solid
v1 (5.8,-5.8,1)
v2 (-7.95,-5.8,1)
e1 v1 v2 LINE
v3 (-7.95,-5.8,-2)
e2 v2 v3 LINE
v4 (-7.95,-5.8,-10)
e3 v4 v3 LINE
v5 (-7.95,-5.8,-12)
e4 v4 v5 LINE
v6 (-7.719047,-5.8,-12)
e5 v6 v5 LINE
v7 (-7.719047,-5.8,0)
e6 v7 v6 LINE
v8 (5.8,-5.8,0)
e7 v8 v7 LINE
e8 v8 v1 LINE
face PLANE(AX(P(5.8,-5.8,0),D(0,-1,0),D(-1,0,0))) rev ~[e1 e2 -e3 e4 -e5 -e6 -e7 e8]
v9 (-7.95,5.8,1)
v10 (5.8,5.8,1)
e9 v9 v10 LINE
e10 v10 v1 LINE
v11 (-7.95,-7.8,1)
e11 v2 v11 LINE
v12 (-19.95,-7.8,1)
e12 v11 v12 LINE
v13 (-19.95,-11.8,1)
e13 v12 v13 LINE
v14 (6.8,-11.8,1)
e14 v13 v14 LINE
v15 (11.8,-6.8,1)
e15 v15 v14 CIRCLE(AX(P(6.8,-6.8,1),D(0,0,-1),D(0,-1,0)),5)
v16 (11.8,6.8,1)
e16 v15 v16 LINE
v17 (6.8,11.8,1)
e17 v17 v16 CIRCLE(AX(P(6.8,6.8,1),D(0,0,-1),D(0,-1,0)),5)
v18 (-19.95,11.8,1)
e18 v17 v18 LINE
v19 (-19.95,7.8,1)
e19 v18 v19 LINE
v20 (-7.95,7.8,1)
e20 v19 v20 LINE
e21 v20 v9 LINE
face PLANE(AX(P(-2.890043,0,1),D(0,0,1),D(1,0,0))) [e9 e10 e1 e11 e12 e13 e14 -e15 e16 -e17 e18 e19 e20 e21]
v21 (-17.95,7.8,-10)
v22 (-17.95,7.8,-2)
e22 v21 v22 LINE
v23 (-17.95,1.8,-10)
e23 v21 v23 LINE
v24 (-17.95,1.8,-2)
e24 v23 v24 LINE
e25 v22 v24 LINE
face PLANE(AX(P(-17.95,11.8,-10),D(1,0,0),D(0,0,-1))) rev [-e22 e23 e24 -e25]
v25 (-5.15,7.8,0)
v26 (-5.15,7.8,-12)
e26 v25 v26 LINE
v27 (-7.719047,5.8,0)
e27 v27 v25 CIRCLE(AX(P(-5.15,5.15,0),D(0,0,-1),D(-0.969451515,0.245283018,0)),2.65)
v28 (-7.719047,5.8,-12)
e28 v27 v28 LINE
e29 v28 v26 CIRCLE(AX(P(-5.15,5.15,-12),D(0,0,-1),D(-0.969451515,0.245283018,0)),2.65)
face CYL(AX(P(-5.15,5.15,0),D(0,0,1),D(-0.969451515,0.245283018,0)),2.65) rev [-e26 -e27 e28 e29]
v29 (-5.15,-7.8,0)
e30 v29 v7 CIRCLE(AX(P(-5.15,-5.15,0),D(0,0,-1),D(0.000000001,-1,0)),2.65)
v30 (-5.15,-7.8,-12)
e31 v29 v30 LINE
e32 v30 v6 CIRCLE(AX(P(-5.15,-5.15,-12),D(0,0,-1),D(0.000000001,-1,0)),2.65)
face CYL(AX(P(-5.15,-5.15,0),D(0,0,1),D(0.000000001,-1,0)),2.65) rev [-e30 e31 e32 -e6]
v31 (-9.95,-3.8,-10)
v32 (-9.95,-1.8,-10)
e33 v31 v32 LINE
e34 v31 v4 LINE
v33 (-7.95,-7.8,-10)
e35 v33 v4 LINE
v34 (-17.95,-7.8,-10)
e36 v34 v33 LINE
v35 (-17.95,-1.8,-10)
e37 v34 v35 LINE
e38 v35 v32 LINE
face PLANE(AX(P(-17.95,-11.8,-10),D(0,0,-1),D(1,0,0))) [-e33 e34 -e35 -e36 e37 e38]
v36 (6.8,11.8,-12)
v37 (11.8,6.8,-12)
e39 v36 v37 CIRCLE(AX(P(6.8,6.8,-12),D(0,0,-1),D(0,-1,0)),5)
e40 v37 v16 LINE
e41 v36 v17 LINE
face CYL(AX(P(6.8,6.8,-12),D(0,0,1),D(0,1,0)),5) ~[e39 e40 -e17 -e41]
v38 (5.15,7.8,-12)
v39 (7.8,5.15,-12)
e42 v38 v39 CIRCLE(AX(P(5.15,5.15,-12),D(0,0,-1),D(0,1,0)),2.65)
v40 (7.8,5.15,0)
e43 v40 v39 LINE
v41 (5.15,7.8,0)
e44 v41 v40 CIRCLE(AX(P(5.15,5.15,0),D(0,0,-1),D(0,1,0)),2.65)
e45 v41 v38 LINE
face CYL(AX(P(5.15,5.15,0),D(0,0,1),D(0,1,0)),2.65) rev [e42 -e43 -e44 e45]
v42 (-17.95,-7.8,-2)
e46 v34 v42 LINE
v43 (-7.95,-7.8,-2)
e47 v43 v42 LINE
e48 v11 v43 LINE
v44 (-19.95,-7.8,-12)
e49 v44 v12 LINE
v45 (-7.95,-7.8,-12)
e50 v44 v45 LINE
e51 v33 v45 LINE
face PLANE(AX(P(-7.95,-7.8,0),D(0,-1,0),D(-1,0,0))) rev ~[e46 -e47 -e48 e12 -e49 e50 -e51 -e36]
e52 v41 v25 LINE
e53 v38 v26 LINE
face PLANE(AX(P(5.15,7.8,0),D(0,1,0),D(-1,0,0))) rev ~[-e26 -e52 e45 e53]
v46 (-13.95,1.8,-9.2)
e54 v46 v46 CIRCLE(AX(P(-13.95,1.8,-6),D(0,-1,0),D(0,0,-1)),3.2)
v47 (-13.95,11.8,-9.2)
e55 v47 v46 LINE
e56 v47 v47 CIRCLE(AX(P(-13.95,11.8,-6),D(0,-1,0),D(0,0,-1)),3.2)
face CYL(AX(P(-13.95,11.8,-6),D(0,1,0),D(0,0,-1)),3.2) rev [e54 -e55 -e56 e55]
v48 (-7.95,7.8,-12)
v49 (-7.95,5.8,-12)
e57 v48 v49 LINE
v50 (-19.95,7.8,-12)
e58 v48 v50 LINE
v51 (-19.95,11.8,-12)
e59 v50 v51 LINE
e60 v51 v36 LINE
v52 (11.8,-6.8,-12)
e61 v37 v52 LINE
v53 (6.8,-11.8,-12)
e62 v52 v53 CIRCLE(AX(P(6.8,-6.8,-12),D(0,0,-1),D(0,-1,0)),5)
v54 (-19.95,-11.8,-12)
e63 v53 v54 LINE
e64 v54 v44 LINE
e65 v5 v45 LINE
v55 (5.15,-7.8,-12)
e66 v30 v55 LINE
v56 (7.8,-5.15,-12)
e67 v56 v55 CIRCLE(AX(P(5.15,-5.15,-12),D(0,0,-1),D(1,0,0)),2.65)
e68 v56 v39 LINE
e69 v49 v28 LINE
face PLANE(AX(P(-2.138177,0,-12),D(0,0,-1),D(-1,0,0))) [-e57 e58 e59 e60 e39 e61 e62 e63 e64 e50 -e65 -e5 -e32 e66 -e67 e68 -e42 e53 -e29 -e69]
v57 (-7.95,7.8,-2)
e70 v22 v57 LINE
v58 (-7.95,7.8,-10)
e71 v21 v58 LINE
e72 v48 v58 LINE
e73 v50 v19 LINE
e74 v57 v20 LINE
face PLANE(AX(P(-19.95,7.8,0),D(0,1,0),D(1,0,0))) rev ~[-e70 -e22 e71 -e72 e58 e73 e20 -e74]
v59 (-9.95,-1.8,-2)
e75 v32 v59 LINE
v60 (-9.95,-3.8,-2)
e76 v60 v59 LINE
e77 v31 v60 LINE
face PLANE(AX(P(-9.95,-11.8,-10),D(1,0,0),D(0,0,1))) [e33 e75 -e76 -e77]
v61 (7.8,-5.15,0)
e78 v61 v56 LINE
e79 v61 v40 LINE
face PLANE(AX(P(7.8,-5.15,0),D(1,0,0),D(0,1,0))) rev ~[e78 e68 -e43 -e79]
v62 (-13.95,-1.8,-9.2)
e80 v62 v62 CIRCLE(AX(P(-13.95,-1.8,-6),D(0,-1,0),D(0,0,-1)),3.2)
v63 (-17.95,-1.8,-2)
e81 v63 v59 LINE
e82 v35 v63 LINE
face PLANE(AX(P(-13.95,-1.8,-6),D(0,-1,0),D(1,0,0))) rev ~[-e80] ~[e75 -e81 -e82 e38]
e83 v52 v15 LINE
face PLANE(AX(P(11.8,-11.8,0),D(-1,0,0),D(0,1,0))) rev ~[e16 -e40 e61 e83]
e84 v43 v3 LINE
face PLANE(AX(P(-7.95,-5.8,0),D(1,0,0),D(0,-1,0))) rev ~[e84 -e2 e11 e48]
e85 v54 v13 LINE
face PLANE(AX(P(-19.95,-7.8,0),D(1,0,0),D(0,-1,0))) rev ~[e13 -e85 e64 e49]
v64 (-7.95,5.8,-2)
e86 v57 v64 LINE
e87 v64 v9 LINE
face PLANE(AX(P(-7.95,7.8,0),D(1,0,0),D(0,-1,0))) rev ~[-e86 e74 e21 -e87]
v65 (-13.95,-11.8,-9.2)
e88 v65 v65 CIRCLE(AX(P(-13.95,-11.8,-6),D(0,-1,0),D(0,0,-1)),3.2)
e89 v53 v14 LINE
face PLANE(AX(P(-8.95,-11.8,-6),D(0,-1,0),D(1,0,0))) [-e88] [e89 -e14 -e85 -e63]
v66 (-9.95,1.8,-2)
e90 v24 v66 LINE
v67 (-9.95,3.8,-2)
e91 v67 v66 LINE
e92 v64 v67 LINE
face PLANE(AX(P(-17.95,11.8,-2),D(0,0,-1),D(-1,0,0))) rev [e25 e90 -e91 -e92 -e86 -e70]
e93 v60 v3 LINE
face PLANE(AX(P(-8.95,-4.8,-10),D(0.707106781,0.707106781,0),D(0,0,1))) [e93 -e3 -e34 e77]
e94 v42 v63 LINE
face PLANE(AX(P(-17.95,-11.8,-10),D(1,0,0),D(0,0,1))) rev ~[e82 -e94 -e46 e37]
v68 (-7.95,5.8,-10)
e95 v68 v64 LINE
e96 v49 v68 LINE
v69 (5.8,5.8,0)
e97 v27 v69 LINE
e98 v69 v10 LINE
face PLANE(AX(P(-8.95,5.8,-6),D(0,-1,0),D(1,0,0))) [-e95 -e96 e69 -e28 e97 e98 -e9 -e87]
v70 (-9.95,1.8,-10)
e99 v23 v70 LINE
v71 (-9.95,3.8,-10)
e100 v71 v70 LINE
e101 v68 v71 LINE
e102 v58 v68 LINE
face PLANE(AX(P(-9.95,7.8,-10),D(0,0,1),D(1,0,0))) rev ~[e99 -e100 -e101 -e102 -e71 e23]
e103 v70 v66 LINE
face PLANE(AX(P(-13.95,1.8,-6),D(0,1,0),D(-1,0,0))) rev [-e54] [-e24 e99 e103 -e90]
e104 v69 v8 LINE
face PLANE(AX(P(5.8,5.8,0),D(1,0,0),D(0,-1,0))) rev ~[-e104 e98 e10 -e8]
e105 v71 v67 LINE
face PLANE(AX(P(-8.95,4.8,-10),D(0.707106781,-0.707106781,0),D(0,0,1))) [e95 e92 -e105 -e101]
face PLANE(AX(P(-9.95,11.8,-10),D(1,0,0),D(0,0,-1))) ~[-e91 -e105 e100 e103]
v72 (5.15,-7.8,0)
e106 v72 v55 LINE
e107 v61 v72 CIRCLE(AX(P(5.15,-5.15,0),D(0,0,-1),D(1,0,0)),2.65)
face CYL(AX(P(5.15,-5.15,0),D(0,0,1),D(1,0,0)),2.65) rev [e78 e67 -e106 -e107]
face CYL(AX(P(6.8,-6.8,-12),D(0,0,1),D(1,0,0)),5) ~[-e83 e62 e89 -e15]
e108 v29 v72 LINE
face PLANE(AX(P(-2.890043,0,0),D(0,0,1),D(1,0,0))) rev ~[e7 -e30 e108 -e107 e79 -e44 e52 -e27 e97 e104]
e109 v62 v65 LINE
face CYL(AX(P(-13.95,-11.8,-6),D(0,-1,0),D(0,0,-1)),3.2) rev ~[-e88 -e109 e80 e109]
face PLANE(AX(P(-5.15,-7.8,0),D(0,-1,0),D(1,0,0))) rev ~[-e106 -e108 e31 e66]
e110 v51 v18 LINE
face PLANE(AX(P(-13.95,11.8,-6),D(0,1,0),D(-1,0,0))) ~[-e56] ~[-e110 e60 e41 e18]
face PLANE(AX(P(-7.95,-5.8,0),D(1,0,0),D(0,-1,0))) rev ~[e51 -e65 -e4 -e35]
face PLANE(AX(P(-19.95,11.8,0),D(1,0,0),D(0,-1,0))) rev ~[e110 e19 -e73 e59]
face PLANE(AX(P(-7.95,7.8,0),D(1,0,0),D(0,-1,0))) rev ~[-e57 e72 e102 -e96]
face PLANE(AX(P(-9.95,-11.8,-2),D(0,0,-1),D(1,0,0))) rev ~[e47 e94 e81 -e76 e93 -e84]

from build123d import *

# Parameters (mm, degrees)
EXTRUDE_1_DEPTH     = 12
EXTRUDE_2_DEPTH     = 1
SKETCH_2_W          = 8
SKETCH_2_H          = 8
SKETCH_2_R          = 3.2
EXTRUDE_3_DEPTH     = 10
CUT_EXTRUDE_2_REACH = 35.151
SKETCH_2_2_R        = 3.2
SKETCH_2_4_W        = 2
SKETCH_2_4_H        = 8
EXTRUDE_4_DEPTH     = 6
CHAMFER_1_SIZE      = 2
EXTRUDE_START       = -19.6
SKETCH_2_5_W        = 2
SKETCH_2_5_H        = 8
EXTRUDE_5_DEPTH     = 2
CHAMFER_2_SIZE      = 2
FILLET_1_R          = 5


with BuildPart() as part:
    # 草图1 → 凸台-拉伸1 (new body)
    with BuildSketch(Plane.XY):
        Polygon((-19.95, -7.8), (7.8, -7.8), (7.8, 7.8), (-19.95, 7.8), (-19.95, 11.8), (11.8, 11.8), (11.8, -11.8), (-19.95, -11.8), align=None)
        with BuildLine():
            Line((-5.15, 7.8), (-7.95, 7.8))
            Line((-7.95, 7.8), (-7.95, 5.8))
            Line((-7.95, 5.8), (-7.719046516, 5.8))
            ThreePointArc((-7.719046516, 5.8), (-6.77788206, 7.241052367), (-5.15, 7.8))
        make_face()
        with BuildLine():
            Line((-7.95, -5.8), (-7.95, -7.8))
            Line((-7.95, -7.8), (-5.15, -7.8))
            ThreePointArc((-5.15, -7.8), (-6.77788206, -7.241052367), (-7.719046516, -5.8))
            Line((-7.719046516, -5.8), (-7.95, -5.8))
        make_face()
        with BuildLine():
            ThreePointArc((7.8, -5.15), (7.02383297, -7.02383297), (5.15, -7.8))
            Line((5.15, -7.8), (7.8, -7.8))
            Line((7.8, -7.8), (7.8, -5.15))
        make_face()
        with BuildLine():
            ThreePointArc((5.15, 7.8), (7.02383297, 7.02383297), (7.8, 5.15))
            Line((7.8, 5.15), (7.8, 7.8))
            Line((7.8, 7.8), (5.15, 7.8))
        make_face()
    extrude(amount=-EXTRUDE_1_DEPTH)

    # 草图1<3> → 凸台-拉伸2 (add)
    with BuildSketch(Plane.XY):
        Polygon((-7.95, -7.8), (-19.95, -7.8), (-19.95, -11.8), (11.8, -11.8), (11.8, 11.8), (-19.95, 11.8), (-19.95, 7.8), (-7.95, 7.8), (-7.95, 5.8), (5.8, 5.8), (5.8, -5.8), (-7.95, -5.8), align=None)
    extrude(amount=EXTRUDE_2_DEPTH)

    # 草图2 → 凸台-拉伸3 (add)
    with BuildSketch(Plane.XZ.offset(11.8)):
        with Locations((-13.95, -6)):
            Rectangle(SKETCH_2_W, SKETCH_2_H)
        with Locations(Location((-13.95, -6, 0), (0, 0, 270))):
            Circle(SKETCH_2_R, mode=Mode.SUBTRACT)
    extrude_3 = extrude(amount=-EXTRUDE_3_DEPTH)

    # 草图2<2> → 切除-拉伸2 (cut, up to next)
    with BuildSketch(Plane.XZ.offset(11.8), mode=Mode.PRIVATE) as cut_extrude_2_sk1:
        with Locations(Location((-13.95, -6, 0), (0, 0, 270))):
            Circle(SKETCH_2_2_R)
    cut_extrude_2_tool1 = extrude(cut_extrude_2_sk1.sketch, amount=-CUT_EXTRUDE_2_REACH, mode=Mode.PRIVATE) & part.part
    cut_extrude_2 = cut_extrude_2_tool1.solids().sort_by_distance((-13.95, -11.8, -6))[0]
    add(cut_extrude_2, mode=Mode.SUBTRACT)

    # 草图2<4> → 凸台-拉伸4 (add)
    with BuildSketch(Plane.XZ.offset(11.8)):
        with Locations((-8.95, -6)):
            Rectangle(SKETCH_2_4_W, SKETCH_2_4_H)
    extrude(amount=-EXTRUDE_4_DEPTH)

    # 倒角1
    chamfer_1_edges = [part.edges().sort_by_distance(p)[0] for p in [
        (-9.95, -5.8, -6),
    ]]
    chamfer(chamfer_1_edges, length=CHAMFER_1_SIZE)

    # 镜向6: 凸台-拉伸3, 切除-拉伸2 across plane
    add(extrude_3.mirror(Plane.ZX))
    add(cut_extrude_2.mirror(Plane.ZX), mode=Mode.SUBTRACT)

    # 草图2<5> → 凸台-拉伸5 (add)
    with BuildSketch(Plane.XZ.offset(11.8).offset(EXTRUDE_START)):
        with Locations((-8.95, -6)):
            Rectangle(SKETCH_2_5_W, SKETCH_2_5_H)
    extrude(amount=EXTRUDE_5_DEPTH)

    # 倒角2
    chamfer_2_edges = [part.edges().sort_by_distance(p)[0] for p in [
        (-9.95, 5.8, -6),
    ]]
    chamfer(chamfer_2_edges, length=CHAMFER_2_SIZE)

    # 圆角1
    fillet_1_edges = [part.edges().sort_by_distance(p)[0] for p in [
        (11.8, 11.8, -5.5),
        (11.8, -11.8, -5.5),
    ]]
    fillet(fillet_1_edges, radius=FILLET_1_R)


solid = part.part
